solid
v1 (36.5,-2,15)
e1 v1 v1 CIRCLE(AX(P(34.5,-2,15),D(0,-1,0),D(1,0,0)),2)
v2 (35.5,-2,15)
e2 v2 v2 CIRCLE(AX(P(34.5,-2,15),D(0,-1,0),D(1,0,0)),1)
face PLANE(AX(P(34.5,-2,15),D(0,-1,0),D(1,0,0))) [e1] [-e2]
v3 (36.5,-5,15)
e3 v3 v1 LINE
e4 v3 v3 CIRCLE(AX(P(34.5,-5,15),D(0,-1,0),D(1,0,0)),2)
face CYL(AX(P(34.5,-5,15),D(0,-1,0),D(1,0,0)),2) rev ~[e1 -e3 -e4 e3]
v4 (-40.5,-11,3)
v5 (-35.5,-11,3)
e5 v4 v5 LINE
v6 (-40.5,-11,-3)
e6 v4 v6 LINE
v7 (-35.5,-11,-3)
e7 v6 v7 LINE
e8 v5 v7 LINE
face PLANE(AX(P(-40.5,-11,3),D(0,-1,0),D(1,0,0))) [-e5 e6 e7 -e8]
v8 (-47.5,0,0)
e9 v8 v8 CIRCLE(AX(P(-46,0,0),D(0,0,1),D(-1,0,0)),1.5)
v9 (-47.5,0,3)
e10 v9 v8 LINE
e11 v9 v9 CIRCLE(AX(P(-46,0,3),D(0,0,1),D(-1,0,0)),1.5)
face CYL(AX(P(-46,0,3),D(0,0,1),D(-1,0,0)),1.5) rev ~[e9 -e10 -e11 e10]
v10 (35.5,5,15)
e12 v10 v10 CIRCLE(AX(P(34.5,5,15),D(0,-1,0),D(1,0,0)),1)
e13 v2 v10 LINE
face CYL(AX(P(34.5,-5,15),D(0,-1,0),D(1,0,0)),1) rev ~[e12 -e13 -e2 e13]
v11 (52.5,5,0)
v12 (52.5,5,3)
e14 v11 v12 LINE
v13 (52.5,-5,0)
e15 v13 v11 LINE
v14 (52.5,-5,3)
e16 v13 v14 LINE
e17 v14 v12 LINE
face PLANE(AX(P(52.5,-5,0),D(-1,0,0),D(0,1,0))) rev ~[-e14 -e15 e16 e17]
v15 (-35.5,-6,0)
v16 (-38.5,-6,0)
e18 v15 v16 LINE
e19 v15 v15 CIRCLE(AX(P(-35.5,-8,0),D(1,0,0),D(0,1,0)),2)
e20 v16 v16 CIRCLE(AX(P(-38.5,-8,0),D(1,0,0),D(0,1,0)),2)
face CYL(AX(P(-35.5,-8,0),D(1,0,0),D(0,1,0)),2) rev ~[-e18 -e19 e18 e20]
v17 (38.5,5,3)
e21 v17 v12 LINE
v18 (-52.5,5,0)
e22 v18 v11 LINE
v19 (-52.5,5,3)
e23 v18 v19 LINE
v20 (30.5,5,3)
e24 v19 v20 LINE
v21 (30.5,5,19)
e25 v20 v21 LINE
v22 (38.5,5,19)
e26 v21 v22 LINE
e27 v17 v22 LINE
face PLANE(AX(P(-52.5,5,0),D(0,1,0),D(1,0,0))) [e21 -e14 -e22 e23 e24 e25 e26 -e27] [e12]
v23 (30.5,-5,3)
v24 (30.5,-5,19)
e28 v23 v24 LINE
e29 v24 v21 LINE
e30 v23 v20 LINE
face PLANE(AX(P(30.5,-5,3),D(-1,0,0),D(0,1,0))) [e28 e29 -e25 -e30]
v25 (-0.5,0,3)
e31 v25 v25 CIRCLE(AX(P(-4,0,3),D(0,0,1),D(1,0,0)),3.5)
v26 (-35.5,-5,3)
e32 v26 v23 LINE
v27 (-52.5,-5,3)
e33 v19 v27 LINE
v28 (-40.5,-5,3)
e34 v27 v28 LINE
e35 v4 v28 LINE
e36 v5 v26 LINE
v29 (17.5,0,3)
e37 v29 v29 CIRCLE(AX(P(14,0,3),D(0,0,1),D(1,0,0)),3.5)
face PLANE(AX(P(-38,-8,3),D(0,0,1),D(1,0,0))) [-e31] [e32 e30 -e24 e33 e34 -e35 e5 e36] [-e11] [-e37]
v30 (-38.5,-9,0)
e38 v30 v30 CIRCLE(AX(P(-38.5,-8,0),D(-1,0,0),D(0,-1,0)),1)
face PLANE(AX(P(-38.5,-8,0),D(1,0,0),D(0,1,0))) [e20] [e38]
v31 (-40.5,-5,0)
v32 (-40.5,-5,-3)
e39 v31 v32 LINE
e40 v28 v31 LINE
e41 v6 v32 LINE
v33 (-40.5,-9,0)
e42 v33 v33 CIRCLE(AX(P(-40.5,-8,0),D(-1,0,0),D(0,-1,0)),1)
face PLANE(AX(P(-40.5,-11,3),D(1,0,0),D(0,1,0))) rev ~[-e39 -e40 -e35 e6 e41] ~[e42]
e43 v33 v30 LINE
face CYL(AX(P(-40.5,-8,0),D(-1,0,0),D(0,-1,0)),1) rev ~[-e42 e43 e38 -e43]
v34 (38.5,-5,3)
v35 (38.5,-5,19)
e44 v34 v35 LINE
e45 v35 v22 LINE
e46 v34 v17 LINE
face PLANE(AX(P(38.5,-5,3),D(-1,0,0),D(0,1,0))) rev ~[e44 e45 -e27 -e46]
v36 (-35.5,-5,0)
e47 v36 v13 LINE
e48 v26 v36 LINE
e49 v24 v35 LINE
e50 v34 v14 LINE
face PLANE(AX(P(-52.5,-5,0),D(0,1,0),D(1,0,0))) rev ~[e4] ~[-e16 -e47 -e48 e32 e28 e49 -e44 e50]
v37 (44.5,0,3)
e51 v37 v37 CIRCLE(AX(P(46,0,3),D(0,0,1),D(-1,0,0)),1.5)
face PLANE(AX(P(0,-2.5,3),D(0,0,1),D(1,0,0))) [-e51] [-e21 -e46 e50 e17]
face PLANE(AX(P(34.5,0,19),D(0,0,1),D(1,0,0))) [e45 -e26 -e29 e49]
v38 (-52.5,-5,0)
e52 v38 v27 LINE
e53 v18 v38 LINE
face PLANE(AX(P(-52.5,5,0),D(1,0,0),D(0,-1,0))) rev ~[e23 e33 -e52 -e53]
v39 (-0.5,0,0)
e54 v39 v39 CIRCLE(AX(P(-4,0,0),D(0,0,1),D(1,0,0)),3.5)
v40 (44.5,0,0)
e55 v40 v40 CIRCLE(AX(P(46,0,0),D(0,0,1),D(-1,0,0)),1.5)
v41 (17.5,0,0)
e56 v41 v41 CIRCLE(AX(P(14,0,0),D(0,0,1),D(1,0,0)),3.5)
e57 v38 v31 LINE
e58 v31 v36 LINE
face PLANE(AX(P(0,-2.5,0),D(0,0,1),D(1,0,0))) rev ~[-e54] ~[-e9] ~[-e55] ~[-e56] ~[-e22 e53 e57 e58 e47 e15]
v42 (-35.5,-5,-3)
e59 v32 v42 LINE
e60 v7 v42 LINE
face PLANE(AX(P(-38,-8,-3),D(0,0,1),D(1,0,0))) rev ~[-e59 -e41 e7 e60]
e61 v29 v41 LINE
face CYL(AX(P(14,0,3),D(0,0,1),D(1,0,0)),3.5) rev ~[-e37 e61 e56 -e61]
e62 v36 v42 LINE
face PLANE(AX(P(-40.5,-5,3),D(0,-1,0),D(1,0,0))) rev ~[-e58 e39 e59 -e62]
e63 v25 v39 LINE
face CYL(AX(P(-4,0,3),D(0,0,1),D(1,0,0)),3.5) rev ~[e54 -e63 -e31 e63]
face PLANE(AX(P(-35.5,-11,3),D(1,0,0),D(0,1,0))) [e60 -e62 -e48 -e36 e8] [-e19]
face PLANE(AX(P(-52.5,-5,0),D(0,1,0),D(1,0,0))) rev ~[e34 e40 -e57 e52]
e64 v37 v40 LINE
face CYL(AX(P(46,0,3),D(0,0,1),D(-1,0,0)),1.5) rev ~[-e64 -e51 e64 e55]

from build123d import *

# Parameters (mm, degrees)
F0_W      = 105
F0_H      = 5
F1_DEPTH  = 3
F3_DEPTH  = 3.001
F4_R      = 3.5
F5_DEPTH  = 3.001
F6_DEPTH  = 3.001
F7_W      = 8
F7_H      = 10
F8_DEPTH  = 16
F9_R      = 1
F10_DEPTH = 10.001
F11_R     = 2
F12_DEPTH = 3
F13_W     = 5
F13_H     = 6
F14_DEPTH = 6
F15_R     = 1
F16_DEPTH = 93.001
F17_R     = 2
F18_DEPTH = 3


with BuildPart() as f1:
    # F0 (on Top) → F1 (new body)
    with BuildSketch(Plane.XY):
        with Locations((0, -2.5)):
            Rectangle(F0_W, F0_H)
        with Locations((0, 2.5)):
            Rectangle(F0_W, F0_H)
    extrude(amount=F1_DEPTH)

    # F2 (on face) → F3 (cut, through all)
    with BuildSketch(Plane.XY.offset(3)):
        with BuildLine():
            ThreePointArc((-44.5, 0), (-46, 1.5), (-47.5, 0))
            Line((-47.5, 0), (-44.5, 0))
        make_face()
        with BuildLine():
            ThreePointArc((47.5, 0), (46, 1.5), (44.5, 0))
            Line((44.5, 0), (47.5, 0))
        make_face()
        with BuildLine():
            Line((47.5, 0), (44.5, 0))
            ThreePointArc((44.5, 0), (46, -1.5), (47.5, 0))
        make_face()
        with BuildLine():
            Line((-44.5, 0), (-47.5, 0))
            ThreePointArc((-47.5, 0), (-46, -1.5), (-44.5, 0))
        make_face()
    extrude(amount=-F3_DEPTH, mode=Mode.SUBTRACT)

    # F4 (on face) → F5 (cut, through all)
    with BuildSketch(Plane.XY.offset(3)):
        with Locations((-4, 0)):
            Circle(F4_R)
        with Locations((14, 0)):
            Circle(F4_R)
    extrude(amount=-F5_DEPTH, mode=Mode.SUBTRACT)

    # F4 (on face) → F6 (cut, through all)
    with BuildSketch(Plane.XY.offset(3)):
        with Locations((-4, 0)):
            Circle(F4_R)
        with Locations((14, 0)):
            Circle(F4_R)
    extrude(amount=-F6_DEPTH, mode=Mode.SUBTRACT)

    # F7 (on face) → F8 (join)
    with BuildSketch(Plane.XY.offset(3)):
        with Locations((34.5, 0)):
            Rectangle(F7_W, F7_H)
    extrude(amount=F8_DEPTH)

    # F9 (on face) → F10 (cut, through all)
    with BuildSketch(Plane.XZ.offset(5)):
        with Locations((34.5, 15)):
            Circle(F9_R)
    extrude(amount=-F10_DEPTH, mode=Mode.SUBTRACT)

    # F11 (on face) → F12 (cut)
    with BuildSketch(Plane.XZ.offset(5)):
        with Locations((34.5, 15)):
            Circle(F11_R)
    extrude(amount=-F12_DEPTH, mode=Mode.SUBTRACT)

    # F13 (on face) → F14 (join)
    with BuildSketch(Plane.XY.offset(3)):
        with Locations((-38, -8)):
            Rectangle(F13_W, F13_H)
    extrude(amount=-F14_DEPTH)

    # F15 (on face) → F16 (cut, through all)
    with BuildSketch(Plane(origin=(-40.5, 0, 0), x_dir=(0, -1, 0), z_dir=(-1, 0, 0))):
        with Locations((8, 0)):
            Circle(F15_R)
    extrude(amount=-F16_DEPTH, mode=Mode.SUBTRACT)

    # F17 (on face) → F18 (cut)
    with BuildSketch(Plane.YZ.offset(-35.5)):
        with Locations((-8, 0)):
            Circle(F17_R)
    extrude(amount=-F18_DEPTH, mode=Mode.SUBTRACT)


solid = f1.part
